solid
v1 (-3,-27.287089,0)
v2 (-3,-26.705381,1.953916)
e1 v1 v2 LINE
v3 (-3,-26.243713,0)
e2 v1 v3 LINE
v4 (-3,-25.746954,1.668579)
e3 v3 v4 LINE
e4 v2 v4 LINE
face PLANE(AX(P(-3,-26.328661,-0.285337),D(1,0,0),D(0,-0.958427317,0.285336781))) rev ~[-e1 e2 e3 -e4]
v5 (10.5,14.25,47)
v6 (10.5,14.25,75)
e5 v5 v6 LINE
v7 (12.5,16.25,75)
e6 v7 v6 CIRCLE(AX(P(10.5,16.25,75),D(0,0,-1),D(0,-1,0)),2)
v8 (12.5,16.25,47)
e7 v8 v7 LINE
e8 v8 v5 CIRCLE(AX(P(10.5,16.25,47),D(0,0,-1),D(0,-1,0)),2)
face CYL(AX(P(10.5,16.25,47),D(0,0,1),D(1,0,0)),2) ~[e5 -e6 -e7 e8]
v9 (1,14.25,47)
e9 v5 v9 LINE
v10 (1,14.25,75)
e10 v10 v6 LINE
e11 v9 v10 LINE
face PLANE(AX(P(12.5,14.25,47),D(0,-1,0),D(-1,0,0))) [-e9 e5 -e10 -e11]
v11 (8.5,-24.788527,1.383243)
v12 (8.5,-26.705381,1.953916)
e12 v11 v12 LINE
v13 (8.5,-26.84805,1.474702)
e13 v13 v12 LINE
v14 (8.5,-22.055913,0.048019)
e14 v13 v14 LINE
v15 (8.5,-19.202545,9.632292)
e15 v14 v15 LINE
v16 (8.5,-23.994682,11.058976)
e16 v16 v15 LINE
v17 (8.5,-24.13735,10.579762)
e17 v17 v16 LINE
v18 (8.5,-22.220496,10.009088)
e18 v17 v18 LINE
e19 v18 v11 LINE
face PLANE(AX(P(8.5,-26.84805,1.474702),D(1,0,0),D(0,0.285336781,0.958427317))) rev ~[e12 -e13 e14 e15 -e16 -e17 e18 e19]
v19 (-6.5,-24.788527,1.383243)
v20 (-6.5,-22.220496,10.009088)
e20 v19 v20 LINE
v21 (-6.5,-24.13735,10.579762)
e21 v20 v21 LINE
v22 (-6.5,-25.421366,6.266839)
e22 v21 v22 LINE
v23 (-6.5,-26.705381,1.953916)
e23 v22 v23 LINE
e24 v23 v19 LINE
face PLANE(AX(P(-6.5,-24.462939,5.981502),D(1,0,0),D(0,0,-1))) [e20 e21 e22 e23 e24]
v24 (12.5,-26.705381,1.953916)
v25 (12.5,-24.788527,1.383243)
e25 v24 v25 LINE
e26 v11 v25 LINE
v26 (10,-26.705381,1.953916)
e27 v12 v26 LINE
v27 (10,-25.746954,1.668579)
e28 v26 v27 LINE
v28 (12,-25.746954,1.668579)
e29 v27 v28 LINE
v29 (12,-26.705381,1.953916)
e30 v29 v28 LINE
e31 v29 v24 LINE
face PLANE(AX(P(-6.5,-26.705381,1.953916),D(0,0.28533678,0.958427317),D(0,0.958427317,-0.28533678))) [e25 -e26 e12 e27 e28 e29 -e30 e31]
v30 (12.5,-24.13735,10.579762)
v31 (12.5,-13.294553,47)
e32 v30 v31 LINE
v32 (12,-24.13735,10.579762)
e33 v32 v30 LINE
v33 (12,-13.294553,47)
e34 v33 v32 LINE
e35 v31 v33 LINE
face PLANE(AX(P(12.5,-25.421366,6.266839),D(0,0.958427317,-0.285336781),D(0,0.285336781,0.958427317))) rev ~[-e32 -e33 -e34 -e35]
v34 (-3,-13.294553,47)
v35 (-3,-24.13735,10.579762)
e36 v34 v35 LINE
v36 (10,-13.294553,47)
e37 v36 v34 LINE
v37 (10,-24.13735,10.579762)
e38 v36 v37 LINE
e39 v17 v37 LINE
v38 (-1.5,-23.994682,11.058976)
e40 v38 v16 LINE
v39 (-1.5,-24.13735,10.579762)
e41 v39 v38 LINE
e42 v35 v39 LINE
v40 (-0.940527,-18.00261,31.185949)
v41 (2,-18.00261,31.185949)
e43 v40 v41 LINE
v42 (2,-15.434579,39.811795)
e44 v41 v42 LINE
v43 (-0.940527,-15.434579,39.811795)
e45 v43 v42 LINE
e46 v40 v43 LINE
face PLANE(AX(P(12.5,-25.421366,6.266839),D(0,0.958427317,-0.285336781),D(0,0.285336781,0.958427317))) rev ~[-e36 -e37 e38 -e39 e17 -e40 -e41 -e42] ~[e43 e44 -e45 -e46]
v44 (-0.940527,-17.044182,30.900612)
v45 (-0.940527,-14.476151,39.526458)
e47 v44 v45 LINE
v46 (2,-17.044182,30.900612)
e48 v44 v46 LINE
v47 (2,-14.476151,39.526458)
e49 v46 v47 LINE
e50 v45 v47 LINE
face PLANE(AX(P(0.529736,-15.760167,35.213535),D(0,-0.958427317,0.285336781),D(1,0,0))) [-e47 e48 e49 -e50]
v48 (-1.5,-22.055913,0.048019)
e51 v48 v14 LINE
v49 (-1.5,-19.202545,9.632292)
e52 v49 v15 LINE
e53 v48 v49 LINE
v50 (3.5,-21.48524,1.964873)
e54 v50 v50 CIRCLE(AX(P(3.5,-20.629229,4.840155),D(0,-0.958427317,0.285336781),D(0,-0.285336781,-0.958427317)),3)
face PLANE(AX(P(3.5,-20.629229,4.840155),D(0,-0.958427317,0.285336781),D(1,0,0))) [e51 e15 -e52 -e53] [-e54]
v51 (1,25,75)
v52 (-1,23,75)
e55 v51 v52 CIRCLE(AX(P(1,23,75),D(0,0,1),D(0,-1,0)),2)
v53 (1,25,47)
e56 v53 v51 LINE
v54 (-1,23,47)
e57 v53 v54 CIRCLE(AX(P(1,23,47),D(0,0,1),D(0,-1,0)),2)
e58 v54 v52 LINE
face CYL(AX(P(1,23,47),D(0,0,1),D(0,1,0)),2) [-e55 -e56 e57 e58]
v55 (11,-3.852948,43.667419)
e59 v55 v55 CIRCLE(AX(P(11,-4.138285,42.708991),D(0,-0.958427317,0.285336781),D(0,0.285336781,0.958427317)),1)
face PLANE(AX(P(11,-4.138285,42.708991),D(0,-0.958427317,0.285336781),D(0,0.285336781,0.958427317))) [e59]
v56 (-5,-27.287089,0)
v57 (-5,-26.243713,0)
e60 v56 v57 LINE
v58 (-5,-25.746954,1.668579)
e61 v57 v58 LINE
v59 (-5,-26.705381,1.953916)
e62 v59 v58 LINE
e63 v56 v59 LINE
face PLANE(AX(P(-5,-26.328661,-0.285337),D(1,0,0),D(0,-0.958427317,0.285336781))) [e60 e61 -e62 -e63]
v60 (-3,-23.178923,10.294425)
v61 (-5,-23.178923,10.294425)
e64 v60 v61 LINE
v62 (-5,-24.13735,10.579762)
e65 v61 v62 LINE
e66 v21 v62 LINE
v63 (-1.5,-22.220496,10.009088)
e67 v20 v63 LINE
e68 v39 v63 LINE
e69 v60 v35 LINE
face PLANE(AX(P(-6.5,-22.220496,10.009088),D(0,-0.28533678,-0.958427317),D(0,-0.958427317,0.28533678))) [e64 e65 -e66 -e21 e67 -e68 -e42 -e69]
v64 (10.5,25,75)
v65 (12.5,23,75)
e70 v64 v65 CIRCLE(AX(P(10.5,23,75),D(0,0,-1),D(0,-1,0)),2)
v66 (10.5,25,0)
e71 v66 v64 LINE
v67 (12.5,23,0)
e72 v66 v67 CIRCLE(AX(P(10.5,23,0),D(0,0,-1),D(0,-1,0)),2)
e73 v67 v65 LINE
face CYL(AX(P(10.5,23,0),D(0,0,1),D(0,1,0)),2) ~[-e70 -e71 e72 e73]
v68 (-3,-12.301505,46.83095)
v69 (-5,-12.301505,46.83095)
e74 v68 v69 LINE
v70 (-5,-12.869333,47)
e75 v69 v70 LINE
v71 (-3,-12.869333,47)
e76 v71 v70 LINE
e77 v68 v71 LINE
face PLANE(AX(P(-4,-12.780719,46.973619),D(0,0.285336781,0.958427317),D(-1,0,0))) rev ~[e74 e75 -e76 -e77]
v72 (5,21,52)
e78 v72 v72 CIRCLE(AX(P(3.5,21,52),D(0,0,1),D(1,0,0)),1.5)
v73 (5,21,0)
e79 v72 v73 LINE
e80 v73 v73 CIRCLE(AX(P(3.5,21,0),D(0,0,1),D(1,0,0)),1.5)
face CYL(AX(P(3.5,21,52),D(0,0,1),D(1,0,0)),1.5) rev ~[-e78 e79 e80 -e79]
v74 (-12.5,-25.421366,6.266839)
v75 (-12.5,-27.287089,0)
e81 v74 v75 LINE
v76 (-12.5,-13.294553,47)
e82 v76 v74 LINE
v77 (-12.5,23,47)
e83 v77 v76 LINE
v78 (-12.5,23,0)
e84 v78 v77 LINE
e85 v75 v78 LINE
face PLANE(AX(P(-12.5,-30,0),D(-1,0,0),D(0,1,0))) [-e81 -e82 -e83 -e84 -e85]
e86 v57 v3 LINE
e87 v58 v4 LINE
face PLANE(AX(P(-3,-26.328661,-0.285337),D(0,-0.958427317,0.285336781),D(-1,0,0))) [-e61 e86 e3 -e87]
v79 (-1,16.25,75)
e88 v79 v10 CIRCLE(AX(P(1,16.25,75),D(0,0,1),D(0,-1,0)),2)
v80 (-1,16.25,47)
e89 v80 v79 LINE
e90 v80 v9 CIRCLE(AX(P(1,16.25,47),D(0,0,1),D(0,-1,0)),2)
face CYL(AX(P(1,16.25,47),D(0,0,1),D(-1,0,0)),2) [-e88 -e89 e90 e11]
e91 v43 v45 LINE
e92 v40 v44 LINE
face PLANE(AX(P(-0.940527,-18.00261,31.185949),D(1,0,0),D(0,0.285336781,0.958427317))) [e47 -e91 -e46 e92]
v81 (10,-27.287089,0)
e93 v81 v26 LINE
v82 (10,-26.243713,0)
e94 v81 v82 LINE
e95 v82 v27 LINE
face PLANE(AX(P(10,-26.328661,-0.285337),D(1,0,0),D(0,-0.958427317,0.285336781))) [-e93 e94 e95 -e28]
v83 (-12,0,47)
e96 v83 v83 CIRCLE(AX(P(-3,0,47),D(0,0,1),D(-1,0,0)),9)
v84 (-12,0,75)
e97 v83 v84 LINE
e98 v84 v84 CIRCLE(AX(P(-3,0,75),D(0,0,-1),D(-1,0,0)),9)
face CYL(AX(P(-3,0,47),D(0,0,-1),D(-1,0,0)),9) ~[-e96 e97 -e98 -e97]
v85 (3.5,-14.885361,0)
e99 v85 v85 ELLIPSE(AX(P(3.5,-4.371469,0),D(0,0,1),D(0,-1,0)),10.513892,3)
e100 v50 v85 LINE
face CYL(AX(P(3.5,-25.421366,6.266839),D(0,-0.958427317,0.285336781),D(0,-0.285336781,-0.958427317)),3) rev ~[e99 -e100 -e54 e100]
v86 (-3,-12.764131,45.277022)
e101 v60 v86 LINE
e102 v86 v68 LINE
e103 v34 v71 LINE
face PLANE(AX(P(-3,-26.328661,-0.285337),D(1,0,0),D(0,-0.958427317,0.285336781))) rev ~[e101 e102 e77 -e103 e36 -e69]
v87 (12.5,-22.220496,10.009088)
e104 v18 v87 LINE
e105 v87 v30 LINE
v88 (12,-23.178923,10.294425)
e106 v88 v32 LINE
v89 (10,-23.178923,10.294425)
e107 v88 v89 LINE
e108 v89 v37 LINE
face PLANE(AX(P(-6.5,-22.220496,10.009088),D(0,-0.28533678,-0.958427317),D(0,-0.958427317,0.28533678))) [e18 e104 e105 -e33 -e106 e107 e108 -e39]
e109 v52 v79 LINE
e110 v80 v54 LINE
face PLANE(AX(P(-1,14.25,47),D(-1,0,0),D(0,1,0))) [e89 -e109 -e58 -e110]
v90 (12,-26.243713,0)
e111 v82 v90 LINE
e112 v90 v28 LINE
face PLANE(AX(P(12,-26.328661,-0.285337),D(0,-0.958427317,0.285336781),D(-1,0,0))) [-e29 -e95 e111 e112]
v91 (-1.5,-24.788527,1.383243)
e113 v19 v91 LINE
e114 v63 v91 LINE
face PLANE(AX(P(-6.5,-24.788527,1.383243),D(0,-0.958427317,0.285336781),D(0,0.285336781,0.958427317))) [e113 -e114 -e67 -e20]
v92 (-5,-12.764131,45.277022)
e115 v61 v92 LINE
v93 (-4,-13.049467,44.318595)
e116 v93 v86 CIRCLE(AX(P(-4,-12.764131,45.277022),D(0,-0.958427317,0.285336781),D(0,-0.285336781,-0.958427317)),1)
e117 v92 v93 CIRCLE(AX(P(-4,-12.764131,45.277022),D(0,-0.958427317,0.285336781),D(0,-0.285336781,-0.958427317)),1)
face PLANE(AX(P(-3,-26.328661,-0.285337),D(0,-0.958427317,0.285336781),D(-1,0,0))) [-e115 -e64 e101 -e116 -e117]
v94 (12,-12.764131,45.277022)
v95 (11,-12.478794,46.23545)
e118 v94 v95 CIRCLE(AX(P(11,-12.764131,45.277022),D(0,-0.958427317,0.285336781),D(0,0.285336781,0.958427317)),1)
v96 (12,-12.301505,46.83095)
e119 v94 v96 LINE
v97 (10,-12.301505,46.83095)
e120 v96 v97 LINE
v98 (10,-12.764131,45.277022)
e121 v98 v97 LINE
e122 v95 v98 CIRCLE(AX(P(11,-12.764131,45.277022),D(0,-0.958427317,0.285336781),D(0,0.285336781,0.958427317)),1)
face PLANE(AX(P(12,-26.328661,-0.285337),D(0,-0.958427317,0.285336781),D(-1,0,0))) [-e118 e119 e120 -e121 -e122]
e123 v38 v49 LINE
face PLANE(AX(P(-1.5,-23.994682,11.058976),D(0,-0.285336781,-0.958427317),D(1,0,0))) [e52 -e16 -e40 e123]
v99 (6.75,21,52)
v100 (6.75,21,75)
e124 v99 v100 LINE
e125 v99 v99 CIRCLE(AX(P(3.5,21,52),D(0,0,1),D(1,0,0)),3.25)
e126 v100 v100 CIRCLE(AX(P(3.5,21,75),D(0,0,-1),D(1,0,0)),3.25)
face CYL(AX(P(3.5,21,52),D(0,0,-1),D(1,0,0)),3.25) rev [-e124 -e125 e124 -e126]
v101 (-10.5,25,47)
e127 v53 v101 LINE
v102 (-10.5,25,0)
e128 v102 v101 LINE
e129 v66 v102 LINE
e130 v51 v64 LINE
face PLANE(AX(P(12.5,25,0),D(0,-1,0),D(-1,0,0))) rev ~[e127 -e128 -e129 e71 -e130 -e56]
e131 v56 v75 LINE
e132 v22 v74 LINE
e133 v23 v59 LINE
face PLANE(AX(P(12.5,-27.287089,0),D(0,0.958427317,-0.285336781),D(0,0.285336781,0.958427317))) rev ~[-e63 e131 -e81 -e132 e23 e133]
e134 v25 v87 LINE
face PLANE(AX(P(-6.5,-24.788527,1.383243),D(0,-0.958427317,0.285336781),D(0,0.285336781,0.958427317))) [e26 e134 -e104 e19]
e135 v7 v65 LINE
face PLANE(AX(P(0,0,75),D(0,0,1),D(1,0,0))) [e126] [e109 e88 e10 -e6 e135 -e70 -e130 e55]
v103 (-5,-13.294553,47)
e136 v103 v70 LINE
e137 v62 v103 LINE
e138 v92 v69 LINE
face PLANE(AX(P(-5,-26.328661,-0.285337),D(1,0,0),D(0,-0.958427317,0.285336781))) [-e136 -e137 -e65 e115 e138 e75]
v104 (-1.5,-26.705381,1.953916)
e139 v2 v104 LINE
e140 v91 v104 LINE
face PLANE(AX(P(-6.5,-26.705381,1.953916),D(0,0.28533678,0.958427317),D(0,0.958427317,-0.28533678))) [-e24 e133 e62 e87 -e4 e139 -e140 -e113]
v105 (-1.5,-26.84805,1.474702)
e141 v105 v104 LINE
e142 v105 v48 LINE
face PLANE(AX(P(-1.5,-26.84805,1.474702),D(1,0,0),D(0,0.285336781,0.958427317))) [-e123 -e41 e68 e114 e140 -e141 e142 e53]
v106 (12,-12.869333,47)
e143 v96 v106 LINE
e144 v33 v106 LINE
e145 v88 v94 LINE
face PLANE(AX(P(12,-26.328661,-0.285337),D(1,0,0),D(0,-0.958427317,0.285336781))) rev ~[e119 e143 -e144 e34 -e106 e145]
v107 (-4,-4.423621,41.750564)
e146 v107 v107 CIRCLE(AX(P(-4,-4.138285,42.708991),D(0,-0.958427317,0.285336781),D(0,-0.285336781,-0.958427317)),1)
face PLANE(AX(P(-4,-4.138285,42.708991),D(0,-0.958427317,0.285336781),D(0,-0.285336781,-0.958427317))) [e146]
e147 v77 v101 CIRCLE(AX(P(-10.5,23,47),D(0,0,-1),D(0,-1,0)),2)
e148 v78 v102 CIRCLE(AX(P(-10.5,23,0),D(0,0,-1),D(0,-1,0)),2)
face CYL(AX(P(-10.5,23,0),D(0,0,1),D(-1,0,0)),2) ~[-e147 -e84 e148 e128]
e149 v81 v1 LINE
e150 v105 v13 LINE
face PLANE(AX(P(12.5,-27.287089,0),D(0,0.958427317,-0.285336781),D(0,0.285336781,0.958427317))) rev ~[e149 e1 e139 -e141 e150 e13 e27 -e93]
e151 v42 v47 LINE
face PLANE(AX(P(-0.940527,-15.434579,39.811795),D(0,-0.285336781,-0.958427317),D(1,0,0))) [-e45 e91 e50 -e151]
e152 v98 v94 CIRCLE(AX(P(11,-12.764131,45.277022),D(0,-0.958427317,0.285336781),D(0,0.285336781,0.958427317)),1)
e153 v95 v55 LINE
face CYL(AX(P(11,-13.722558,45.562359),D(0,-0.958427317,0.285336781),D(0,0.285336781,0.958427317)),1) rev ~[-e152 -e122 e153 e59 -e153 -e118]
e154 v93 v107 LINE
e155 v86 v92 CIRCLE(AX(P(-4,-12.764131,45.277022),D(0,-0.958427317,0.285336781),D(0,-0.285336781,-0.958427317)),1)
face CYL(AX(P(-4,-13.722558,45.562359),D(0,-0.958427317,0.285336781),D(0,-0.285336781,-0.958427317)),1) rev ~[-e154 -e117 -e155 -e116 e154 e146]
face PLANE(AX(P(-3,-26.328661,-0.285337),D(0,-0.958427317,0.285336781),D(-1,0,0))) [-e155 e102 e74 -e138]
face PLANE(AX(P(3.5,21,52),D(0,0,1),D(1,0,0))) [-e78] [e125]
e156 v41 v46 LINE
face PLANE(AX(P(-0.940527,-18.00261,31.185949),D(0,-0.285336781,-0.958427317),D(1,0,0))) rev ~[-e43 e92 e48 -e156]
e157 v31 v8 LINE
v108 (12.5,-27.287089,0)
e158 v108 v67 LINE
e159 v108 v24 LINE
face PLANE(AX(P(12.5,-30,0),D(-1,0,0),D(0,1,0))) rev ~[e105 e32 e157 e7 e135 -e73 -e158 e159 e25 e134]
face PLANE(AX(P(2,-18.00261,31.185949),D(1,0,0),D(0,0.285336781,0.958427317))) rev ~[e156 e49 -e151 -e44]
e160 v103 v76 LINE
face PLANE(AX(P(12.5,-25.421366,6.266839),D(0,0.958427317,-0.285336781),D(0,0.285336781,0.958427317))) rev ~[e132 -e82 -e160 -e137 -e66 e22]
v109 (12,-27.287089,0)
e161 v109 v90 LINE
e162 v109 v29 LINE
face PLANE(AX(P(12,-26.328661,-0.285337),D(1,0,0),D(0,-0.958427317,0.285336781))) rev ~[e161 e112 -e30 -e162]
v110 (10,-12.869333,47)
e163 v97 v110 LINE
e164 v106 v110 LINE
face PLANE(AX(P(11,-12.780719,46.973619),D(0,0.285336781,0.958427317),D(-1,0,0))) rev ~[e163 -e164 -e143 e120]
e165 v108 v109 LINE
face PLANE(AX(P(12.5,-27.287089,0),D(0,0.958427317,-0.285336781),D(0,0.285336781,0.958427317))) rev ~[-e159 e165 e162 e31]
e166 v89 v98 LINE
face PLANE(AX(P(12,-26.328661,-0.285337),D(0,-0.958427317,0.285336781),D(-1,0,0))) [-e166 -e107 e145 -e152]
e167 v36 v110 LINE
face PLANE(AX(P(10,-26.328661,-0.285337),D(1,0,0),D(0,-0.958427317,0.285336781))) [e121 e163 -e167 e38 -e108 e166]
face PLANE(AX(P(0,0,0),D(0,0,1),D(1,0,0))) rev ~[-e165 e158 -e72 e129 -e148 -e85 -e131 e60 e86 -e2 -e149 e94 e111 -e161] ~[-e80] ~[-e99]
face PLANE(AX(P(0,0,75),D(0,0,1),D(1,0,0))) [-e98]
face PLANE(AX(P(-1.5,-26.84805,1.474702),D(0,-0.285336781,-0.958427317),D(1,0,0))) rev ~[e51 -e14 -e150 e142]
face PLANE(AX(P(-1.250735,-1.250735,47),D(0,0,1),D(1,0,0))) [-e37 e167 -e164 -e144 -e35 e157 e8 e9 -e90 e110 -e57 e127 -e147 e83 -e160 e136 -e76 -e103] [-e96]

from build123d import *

# Parameters (mm, degrees)
SKETCH_1_W               = 25
SKETCH_1_H               = 60
EXTRUDE_1_DEPTH          = 75
SKETCH_3_R               = 9
CUT_EXTRUDE_1_DEPTH      = 58.142366069
SKETCH_4_R               = 3.25
CUT_EXTRUDE_2_DEPTH      = 62.320877358
SKETCH_5_R               = 1.5
CUT_EXTRUDE_3_DEPTH      = 62.320877358
SKETCH_6_W               = 25
SKETCH_6_H               = 5
CUT_EXTRUDE_4_DEPTH      = 82.738913621
CUT_EXTRUDE_5_DEPTH      = 85.557672626
SKETCH_9_R               = 3
CUT_EXTRUDE_6_DEPTH      = 85.994924721
SKETCH_10_W              = 10
SKETCH_10_H              = 10
CUT_EXTRUDE_7_DEPTH      = 5
CUT_EXTRUDE_8_DEPTH      = 15
CUT_EXTRUDE_8_DEPTH_BACK = 5
SKETCH_12_R              = 1
CUT_EXTRUDE_9_DEPTH      = 10
SKETCH_14_W              = 2
SKETCH_14_H              = 1
CUT_EXTRUDE_10_DEPTH     = 49.16
SKETCH_15_W              = 2.940527474
SKETCH_15_H              = 9
CUT_EXTRUDE_11_DEPTH     = 1
FILLET_1_R               = 2


with BuildPart() as part:
    # Эскиз1 → Бобышка-Вытянуть1 (new body)
    with BuildSketch(Plane.XY):
        Rectangle(SKETCH_1_W, SKETCH_1_H)
    extrude(amount=EXTRUDE_1_DEPTH)

    # Эскиз3 → Вырез-Вытянуть1 (cut, through all)
    with BuildSketch(Plane.XY.offset(47)):
        Polygon((-12.5, -30), (12.5, -30), (12.5, 14.25), (-1, 14.25), (-1, 30), (-12.5, 30), align=None)
        with Locations(Location((-3, 0, 0), (0, 0, 180))):
            Circle(SKETCH_3_R, mode=Mode.SUBTRACT)
    extrude(amount=CUT_EXTRUDE_1_DEPTH, mode=Mode.SUBTRACT)

    # Эскиз4 → Вырез-Вытянуть2 (cut, through all)
    with BuildSketch(Plane.XY.offset(52)):
        with Locations((3.5, 21)):
            Circle(SKETCH_4_R)
    extrude(amount=CUT_EXTRUDE_2_DEPTH, mode=Mode.SUBTRACT)

    # Эскиз5 → Вырез-Вытянуть3 (cut, through all)
    with BuildSketch(Plane.XY.offset(52)):
        with Locations((3.5, 21)):
            Circle(SKETCH_5_R)
    extrude(amount=-CUT_EXTRUDE_3_DEPTH, mode=Mode.SUBTRACT)

    # Эскиз6 → Вырез-Вытянуть4 (cut, through all)
    with BuildSketch(Plane(origin=(0, 0, 0), x_dir=(-1, 0, 0), z_dir=(0, 0, -1))):
        with Locations((0, 27.5)):
            Rectangle(SKETCH_6_W, SKETCH_6_H)
    extrude(amount=-CUT_EXTRUDE_4_DEPTH, mode=Mode.SUBTRACT)

    # Эскиз8 → Вырез-Вытянуть5 (cut, through all)
    with BuildSketch(Plane(origin=(12.5, 0, 0), x_dir=(0, 0, -1), z_dir=(1, 0, 0))):
        Polygon((-6.266839037, -25.421365839), (-47, -13.294552658), (-47, -30), (0, -30), (0, -27.287088617), align=None)
    extrude(amount=-CUT_EXTRUDE_5_DEPTH, mode=Mode.SUBTRACT)

    # Эскиз9 → Вырез-Вытянуть6 (cut, through all)
    with BuildSketch(Plane(origin=(0, -25.065453583, 7.462324694), x_dir=(1, 0, 0), z_dir=(0, -0.9584273167859609, 0.2853367807319331))):
        with Locations(Location((3.5, -1.247340968, 0), (0, 0, 270))):
            Circle(SKETCH_9_R)
    extrude(amount=-CUT_EXTRUDE_6_DEPTH, mode=Mode.SUBTRACT)

    # Эскиз10 → Вырез-Вытянуть7 (cut)
    with BuildSketch(Plane(origin=(0, -25.065453583, 7.462324694), x_dir=(1, 0, 0), z_dir=(0, -0.9584273167859609, 0.2853367807319331))):
        with Locations((3.5, -1.247340968)):
            Rectangle(SKETCH_10_W, SKETCH_10_H)
    extrude(amount=-CUT_EXTRUDE_7_DEPTH, mode=Mode.SUBTRACT)

    # Эскиз11 → Вырез-Вытянуть8 (cut, two sides: drawn at the far end of the back side and taken through both)
    with BuildSketch(Plane(origin=(-1.5, 0, 0), x_dir=(0, 0, -1), z_dir=(1, 0, 0)).offset(-CUT_EXTRUDE_8_DEPTH_BACK)):
        Polygon((-10.579761962, -24.137350326), (-1.953916111, -26.705381353), (-1.38324255, -24.788526719), (-10.009088401, -22.220495692), align=None)
    extrude(amount=CUT_EXTRUDE_8_DEPTH + CUT_EXTRUDE_8_DEPTH_BACK, mode=Mode.SUBTRACT)

    # Эскиз12 → Вырез-Вытянуть9 (cut)
    with BuildSketch(Plane(origin=(0, -25.065453583, 7.462324694), x_dir=(1, 0, 0), z_dir=(0, -0.9584273167859609, 0.2853367807319331))):
        with Locations(Location((-4, 39.752659032, 0), (0, 0, 270))):
            Circle(SKETCH_12_R)
        with Locations(Location((11, 39.752659032, 0), (0, 0, 90))):
            Circle(SKETCH_12_R)
    extrude(amount=-CUT_EXTRUDE_9_DEPTH, mode=Mode.SUBTRACT)

    # Эскиз14 → Вырез-Вытянуть10 (cut)
    with BuildSketch(Plane(origin=(0, -55.116213781, 8.285107119), x_dir=(-1, 0, 0), z_dir=(0, 0.285336780731933, 0.9584273167859609))):
        with Locations((4, -29.536239553)):
            Rectangle(SKETCH_14_W, SKETCH_14_H)
        with Locations((-11, -29.536239553)):
            Rectangle(SKETCH_14_W, SKETCH_14_H)
    extrude(amount=CUT_EXTRUDE_10_DEPTH, mode=Mode.SUBTRACT)

    # Эскиз15 → Вырез-Вытянуть11 (cut)
    with BuildSketch(Plane(origin=(0, -25.065453583, 7.462324694), x_dir=(1, 0, 0), z_dir=(0, -0.9584273167859609, 0.2853367807319331))):
        with Locations((0.529736263, 29.252659032)):
            Rectangle(SKETCH_15_W, SKETCH_15_H)
    extrude(amount=-CUT_EXTRUDE_11_DEPTH, mode=Mode.SUBTRACT)

    # Скругление1
    fillet_1_edges = [part.edges().sort_by_distance(p)[0] for p in [
        (12.5, 14.25, 61),
        (-1, 14.25, 61),
        (-1, 25, 61),
        (-12.5, 25, 23.5),
        (12.5, 25, 37.5),
    ]]
    fillet(fillet_1_edges, radius=FILLET_1_R)


solid = part.part
